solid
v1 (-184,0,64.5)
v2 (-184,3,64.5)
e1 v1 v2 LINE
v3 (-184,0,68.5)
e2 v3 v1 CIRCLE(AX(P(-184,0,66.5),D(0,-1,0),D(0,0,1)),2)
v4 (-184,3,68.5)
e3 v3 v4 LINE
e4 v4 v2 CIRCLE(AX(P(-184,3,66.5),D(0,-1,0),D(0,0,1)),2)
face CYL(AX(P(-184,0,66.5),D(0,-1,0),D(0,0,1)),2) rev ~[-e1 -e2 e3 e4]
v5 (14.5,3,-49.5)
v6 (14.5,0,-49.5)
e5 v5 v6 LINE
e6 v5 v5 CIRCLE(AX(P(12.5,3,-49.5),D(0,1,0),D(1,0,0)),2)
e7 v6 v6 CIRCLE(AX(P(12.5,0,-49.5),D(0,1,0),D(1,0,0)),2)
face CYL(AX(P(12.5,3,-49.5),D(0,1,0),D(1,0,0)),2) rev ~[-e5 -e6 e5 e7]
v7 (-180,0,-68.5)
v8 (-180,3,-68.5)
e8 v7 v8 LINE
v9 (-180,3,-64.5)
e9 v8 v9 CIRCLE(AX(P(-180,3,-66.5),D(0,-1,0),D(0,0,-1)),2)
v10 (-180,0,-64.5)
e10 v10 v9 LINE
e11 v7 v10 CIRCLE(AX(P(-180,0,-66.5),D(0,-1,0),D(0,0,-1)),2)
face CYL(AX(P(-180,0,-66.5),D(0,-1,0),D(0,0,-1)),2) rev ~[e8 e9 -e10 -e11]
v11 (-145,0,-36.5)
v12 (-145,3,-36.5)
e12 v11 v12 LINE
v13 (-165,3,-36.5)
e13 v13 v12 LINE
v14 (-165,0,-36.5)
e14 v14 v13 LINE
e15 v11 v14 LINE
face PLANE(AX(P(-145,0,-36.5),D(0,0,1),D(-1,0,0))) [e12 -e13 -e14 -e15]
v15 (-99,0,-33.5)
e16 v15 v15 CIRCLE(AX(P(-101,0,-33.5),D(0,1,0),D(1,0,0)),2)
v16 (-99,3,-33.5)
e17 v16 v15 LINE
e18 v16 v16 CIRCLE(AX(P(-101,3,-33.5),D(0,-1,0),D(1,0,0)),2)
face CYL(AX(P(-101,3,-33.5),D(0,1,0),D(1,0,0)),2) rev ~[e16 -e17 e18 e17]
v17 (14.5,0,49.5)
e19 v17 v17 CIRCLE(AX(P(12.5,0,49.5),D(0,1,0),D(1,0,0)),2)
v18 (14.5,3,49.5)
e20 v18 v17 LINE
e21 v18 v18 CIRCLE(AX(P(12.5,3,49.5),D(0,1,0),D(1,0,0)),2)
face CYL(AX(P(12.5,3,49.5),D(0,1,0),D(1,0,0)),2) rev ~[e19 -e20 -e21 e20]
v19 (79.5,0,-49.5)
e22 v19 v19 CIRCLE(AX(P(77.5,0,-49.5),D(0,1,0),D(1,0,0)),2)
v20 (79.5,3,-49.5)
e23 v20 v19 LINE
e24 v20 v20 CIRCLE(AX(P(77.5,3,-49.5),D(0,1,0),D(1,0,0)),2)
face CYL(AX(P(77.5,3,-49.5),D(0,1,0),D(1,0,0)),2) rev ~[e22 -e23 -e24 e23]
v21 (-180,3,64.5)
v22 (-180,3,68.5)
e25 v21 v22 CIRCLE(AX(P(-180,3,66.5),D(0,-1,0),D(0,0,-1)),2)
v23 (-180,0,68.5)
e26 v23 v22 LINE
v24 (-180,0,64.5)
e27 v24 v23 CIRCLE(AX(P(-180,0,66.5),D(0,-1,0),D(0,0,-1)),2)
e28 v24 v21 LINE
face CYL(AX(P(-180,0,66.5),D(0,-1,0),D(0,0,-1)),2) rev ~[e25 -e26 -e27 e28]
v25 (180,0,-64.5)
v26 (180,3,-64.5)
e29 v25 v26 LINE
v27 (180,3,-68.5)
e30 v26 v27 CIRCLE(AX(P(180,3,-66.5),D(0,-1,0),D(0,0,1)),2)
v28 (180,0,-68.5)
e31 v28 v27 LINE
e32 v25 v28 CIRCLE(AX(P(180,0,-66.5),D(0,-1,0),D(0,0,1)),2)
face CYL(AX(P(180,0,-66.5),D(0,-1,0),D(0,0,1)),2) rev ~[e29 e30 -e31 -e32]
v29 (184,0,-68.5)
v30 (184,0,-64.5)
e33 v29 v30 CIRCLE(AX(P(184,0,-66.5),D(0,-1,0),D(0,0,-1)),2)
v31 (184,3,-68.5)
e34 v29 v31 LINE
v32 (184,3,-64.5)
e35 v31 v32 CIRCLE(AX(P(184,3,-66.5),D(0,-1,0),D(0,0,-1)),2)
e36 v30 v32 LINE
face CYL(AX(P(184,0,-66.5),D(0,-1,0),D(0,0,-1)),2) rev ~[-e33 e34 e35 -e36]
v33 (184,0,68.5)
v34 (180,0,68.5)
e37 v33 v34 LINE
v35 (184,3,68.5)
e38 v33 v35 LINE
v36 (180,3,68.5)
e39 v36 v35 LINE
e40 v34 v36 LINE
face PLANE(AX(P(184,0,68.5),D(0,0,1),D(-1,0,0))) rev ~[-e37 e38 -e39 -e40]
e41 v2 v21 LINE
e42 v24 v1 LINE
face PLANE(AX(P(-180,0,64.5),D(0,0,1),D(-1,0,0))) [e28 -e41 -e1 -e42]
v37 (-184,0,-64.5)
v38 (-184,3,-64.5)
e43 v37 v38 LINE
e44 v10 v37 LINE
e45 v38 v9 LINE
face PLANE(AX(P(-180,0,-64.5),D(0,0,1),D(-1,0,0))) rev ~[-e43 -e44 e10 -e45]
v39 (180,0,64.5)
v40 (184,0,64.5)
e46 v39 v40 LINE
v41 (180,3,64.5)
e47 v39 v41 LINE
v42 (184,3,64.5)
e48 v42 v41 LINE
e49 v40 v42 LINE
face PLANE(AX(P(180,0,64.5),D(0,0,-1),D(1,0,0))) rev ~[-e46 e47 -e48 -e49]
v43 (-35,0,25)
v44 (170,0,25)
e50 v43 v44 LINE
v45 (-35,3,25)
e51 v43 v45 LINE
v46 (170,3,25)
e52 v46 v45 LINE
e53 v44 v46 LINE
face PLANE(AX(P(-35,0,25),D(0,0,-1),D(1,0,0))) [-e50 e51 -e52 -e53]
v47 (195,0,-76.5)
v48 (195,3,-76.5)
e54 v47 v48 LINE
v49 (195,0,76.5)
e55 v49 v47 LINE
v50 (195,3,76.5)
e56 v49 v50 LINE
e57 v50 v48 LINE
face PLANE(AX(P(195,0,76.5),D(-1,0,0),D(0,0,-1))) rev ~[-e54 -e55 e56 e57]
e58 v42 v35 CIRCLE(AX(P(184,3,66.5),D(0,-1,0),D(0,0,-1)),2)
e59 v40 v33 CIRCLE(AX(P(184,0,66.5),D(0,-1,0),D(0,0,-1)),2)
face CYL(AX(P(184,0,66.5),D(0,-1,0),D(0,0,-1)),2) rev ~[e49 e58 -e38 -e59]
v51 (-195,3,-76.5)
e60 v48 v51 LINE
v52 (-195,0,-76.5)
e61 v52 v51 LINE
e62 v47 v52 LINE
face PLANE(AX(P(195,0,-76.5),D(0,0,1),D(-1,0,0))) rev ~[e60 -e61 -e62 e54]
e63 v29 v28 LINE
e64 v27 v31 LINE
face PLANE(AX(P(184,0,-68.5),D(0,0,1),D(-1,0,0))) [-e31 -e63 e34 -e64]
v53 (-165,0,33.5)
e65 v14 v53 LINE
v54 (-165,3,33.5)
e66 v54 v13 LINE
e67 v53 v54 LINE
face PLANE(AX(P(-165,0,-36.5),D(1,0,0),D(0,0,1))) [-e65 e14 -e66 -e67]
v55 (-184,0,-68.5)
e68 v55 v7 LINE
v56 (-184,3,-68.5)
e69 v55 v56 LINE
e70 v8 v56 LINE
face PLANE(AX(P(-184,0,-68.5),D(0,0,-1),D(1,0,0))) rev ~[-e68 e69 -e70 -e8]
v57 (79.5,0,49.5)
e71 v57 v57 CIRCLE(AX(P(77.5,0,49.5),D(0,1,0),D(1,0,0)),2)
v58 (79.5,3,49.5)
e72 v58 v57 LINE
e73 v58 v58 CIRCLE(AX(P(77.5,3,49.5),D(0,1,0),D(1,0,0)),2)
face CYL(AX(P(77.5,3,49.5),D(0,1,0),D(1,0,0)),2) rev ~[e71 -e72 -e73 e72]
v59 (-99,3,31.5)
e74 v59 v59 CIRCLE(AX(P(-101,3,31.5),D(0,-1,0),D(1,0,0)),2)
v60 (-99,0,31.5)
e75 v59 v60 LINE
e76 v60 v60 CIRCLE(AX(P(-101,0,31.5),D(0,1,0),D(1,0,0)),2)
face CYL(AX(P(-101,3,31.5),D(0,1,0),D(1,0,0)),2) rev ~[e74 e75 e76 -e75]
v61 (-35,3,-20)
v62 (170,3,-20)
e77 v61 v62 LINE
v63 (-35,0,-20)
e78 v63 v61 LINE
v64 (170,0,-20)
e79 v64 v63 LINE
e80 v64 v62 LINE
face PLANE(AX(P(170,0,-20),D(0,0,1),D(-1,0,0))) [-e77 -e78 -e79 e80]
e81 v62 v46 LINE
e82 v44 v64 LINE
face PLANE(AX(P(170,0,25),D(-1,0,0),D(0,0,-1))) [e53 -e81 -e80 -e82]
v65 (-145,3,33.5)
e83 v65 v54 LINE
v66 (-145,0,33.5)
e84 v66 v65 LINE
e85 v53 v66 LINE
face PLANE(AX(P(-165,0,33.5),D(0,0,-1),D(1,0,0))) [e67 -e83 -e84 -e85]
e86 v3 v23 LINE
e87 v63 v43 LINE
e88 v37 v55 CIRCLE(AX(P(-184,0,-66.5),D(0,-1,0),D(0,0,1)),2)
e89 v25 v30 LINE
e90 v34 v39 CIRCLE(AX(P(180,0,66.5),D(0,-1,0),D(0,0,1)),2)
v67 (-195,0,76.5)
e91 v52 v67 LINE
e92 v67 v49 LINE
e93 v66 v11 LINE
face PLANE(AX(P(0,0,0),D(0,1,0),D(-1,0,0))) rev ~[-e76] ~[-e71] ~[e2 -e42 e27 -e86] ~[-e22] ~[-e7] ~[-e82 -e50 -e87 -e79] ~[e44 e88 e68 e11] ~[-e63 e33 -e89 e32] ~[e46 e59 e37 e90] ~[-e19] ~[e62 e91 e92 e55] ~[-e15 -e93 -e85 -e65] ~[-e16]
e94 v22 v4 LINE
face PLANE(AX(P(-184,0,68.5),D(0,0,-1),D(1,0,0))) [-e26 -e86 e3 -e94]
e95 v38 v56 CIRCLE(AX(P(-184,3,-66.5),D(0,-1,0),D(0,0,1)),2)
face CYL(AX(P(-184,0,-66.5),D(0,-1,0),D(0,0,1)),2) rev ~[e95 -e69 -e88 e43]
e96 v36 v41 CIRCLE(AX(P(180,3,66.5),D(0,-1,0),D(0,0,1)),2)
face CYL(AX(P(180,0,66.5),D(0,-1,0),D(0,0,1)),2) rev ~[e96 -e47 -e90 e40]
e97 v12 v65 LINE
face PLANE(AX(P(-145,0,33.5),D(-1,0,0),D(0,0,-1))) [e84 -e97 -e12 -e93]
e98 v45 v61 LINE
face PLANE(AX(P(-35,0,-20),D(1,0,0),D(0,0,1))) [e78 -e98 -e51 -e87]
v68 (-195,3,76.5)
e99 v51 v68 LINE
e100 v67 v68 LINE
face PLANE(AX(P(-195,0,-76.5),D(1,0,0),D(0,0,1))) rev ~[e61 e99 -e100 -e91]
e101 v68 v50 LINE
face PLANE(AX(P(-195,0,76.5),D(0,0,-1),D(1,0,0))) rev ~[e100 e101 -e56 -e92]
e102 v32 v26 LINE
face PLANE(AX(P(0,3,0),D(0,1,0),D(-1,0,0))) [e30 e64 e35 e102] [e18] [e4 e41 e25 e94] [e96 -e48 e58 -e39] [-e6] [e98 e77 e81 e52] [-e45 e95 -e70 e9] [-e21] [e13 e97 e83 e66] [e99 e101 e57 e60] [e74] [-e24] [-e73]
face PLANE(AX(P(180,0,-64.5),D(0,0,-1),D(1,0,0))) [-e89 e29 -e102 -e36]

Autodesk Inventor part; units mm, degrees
ref_plane "YZ Plane" through (0, 0, 0) normal (1, 0, 0) x (0, 1, 0)
ref_plane "XZ Plane" through (0, 0, 0) normal (0, 1, 0) x (-1, 0, 0)
ref_plane "XY Plane" through (0, 0, 0) normal (0, 0, 1) x (1, 0, 0)
sketch "스케치1" plane through (0, 0, 0) normal (0, 1, 0) x (-1, 0, 0)
  line L0 (195, 76.5) -> (-195, 76.5)
  line L1 (-195, 76.5) -> (-195, -76.5)
  line L2 (-195, -76.5) -> (195, -76.5)
  line L3 (195, -76.5) -> (195, 76.5)
  line L4 (195, 76.5) -> (-195, -76.5) construction
  line L5 (-195, 76.5) -> (195, -76.5) construction
  point P0 (0, 0)
  dimension "d0" = 390
  dimension "d1" = 153
extrude "돌출1" add sketch "스케치1" along normal blind 3
sketch "스케치2" plane through (0, 3, 0) normal (0, 1, 0) x (1, 0, 0)
  line L0 (-101, -167.7961) -> (-101, 220.4195)
  line L1 (-195, 76.5) -> (-195, -76.5) projected
  line L2 (-195, -76.5) -> (195, -76.5) projected
  circle A0 centre (-101, -31.5) radius 2
  circle A1 centre (-101, 33.5) radius 2
  line L3 (195, -76.5) -> (195, 76.5) projected
  line L4 (-91, -255.1075) -> (-91, 213.2428)
  line L5 (-111, -276.0921) -> (-111, 192.2583)
  line L6 (-190, -202.8267) -> (-190, 265.5236)
  line L7 (190, -180.3404) -> (190, 288.01)
  line L8 (-211.2868, -71.5) -> (199.2371, -71.5)
  circle A2 centre (12.5, -49.5) radius 2
  circle A3 centre (77.5, -49.5) radius 2
  circle A4 centre (12.5, 49.5) radius 2
  circle A5 centre (77.5, 49.5) radius 2
  line L9 (12.5, -49.5) -> (99.2818, -49.5) construction
  line L10 (12.5, 49.5) -> (77.5, 49.5) construction
  line L11 (195, 76.5) -> (-195, 76.5) projected
  dimension "d4" = 94
  dimension "d10" = 4
  dimension "d11" = 4
  dimension "d23" = 10
  dimension "d24" = 10
  dimension "d25" = 5
  dimension "d26" = 5
  dimension "d27" = 5
  dimension "d38" = 4
  dimension "d39" = 4
  dimension "d40" = 4
  dimension "d41" = 4
  dimension "d42" = 65
  dimension "d43" = 65
  dimension "d44" = 117.5
  dimension "d45" = 117.5
  dimension "d46" = 27
  dimension "d47" = 27
extrude "돌출2" cut sketch "스케치2" against normal up to surface (3 mm away) contours A0 L0 | L0 A0 | A1 L0 | L0 A1 | A2 | A3 | A4 | A5
sketch "스케치3" plane through (0, 0, 0) normal (0, -1, 0) x (1, 0, 0)
  line L0 (-35, 25) -> (170, 25)
  line L1 (170, 25) -> (170, -20)
  line L2 (170, -20) -> (-35, -20)
  line L3 (-35, -20) -> (-35, 25)
  line L4 (-35, 25) -> (170, -20) construction
  line L5 (170, 25) -> (-35, -20) construction
  line L6 (195, 76.5) -> (195, -76.5) projected
  line L7 (-165, 33.5) -> (-145, 33.5)
  line L8 (-145, 33.5) -> (-145, -36.5)
  line L9 (-145, -36.5) -> (-165, -36.5)
  line L10 (-165, -36.5) -> (-165, 33.5)
  line L11 (195, -76.5) -> (-195, -76.5) projected
  line L12 (-195, -76.5) -> (-195, 76.5) projected
  point P0 (0, 0)
  point P1 (67.5, 2.5)
  dimension "d28" = 205
  dimension "d29" = 25
  dimension "d30" = 45
  dimension "d31" = 20
  dimension "d34" = 70
  dimension "d35" = 20
  dimension "d36" = 110
  dimension "d37" = 30
extrude "돌출3" cut sketch "스케치3" against normal blind 10
sketch "스케치6" plane through (0, 0, 0) normal (0, -1, 0) x (1, 0, 0)
  line L0 (-184, -66.5) -> (-180, -66.5) construction
  line L1 (-184, -68.5) -> (-180, -68.5)
  line L2 (-180, -64.5) -> (-184, -64.5)
  arc A0 (-184, -64.5) -> (-184, -68.5) centre (-184, -66.5) ccw
  arc A1 (-180, -68.5) -> (-180, -64.5) centre (-180, -66.5) ccw
  line L3 (-195, -76.5) -> (-195, 76.5) projected
  line L4 (195, -76.5) -> (-195, -76.5) projected
  line L5 (0, -8.9008) -> (0, 5.7448)
  line L6 (-2.4122, 0) -> (4.9846, 0)
  line L7 (184, -66.5) -> (180, -66.5) construction
  line L8 (184, -68.5) -> (180, -68.5)
  line L9 (180, -64.5) -> (184, -64.5)
  arc A2 (184, -68.5) -> (184, -64.5) centre (184, -66.5) ccw
  arc A3 (180, -64.5) -> (180, -68.5) centre (180, -66.5) ccw
  line L10 (-184, 66.5) -> (-180, 66.5) construction
  line L11 (-184, 68.5) -> (-180, 68.5)
  line L12 (-180, 64.5) -> (-184, 64.5)
  arc A4 (-184, 68.5) -> (-184, 64.5) centre (-184, 66.5) ccw
  arc A5 (-180, 64.5) -> (-180, 68.5) centre (-180, 66.5) ccw
  line L13 (184, 66.5) -> (180, 66.5) construction
  line L14 (184, 68.5) -> (180, 68.5)
  line L15 (180, 64.5) -> (184, 64.5)
  arc A6 (184, 64.5) -> (184, 68.5) centre (184, 66.5) ccw
  arc A7 (180, 68.5) -> (180, 64.5) centre (180, 66.5) ccw
  point P0 (0, 0)
  point P1 (-182, -66.5)
  point P2 (182, -66.5)
  point P3 (-182, 66.5)
  point P4 (182, 66.5)
  dimension "d87" = 4
  dimension "d88" = 4
  dimension "d89" = 13
  dimension "d90" = 10
extrude "돌출5" cut sketch "스케치6" against normal blind 10
equation "\"d45\" = d44"
equation "\"d47\" = d46"
properties part number "발 받침대 받침_윗면"
